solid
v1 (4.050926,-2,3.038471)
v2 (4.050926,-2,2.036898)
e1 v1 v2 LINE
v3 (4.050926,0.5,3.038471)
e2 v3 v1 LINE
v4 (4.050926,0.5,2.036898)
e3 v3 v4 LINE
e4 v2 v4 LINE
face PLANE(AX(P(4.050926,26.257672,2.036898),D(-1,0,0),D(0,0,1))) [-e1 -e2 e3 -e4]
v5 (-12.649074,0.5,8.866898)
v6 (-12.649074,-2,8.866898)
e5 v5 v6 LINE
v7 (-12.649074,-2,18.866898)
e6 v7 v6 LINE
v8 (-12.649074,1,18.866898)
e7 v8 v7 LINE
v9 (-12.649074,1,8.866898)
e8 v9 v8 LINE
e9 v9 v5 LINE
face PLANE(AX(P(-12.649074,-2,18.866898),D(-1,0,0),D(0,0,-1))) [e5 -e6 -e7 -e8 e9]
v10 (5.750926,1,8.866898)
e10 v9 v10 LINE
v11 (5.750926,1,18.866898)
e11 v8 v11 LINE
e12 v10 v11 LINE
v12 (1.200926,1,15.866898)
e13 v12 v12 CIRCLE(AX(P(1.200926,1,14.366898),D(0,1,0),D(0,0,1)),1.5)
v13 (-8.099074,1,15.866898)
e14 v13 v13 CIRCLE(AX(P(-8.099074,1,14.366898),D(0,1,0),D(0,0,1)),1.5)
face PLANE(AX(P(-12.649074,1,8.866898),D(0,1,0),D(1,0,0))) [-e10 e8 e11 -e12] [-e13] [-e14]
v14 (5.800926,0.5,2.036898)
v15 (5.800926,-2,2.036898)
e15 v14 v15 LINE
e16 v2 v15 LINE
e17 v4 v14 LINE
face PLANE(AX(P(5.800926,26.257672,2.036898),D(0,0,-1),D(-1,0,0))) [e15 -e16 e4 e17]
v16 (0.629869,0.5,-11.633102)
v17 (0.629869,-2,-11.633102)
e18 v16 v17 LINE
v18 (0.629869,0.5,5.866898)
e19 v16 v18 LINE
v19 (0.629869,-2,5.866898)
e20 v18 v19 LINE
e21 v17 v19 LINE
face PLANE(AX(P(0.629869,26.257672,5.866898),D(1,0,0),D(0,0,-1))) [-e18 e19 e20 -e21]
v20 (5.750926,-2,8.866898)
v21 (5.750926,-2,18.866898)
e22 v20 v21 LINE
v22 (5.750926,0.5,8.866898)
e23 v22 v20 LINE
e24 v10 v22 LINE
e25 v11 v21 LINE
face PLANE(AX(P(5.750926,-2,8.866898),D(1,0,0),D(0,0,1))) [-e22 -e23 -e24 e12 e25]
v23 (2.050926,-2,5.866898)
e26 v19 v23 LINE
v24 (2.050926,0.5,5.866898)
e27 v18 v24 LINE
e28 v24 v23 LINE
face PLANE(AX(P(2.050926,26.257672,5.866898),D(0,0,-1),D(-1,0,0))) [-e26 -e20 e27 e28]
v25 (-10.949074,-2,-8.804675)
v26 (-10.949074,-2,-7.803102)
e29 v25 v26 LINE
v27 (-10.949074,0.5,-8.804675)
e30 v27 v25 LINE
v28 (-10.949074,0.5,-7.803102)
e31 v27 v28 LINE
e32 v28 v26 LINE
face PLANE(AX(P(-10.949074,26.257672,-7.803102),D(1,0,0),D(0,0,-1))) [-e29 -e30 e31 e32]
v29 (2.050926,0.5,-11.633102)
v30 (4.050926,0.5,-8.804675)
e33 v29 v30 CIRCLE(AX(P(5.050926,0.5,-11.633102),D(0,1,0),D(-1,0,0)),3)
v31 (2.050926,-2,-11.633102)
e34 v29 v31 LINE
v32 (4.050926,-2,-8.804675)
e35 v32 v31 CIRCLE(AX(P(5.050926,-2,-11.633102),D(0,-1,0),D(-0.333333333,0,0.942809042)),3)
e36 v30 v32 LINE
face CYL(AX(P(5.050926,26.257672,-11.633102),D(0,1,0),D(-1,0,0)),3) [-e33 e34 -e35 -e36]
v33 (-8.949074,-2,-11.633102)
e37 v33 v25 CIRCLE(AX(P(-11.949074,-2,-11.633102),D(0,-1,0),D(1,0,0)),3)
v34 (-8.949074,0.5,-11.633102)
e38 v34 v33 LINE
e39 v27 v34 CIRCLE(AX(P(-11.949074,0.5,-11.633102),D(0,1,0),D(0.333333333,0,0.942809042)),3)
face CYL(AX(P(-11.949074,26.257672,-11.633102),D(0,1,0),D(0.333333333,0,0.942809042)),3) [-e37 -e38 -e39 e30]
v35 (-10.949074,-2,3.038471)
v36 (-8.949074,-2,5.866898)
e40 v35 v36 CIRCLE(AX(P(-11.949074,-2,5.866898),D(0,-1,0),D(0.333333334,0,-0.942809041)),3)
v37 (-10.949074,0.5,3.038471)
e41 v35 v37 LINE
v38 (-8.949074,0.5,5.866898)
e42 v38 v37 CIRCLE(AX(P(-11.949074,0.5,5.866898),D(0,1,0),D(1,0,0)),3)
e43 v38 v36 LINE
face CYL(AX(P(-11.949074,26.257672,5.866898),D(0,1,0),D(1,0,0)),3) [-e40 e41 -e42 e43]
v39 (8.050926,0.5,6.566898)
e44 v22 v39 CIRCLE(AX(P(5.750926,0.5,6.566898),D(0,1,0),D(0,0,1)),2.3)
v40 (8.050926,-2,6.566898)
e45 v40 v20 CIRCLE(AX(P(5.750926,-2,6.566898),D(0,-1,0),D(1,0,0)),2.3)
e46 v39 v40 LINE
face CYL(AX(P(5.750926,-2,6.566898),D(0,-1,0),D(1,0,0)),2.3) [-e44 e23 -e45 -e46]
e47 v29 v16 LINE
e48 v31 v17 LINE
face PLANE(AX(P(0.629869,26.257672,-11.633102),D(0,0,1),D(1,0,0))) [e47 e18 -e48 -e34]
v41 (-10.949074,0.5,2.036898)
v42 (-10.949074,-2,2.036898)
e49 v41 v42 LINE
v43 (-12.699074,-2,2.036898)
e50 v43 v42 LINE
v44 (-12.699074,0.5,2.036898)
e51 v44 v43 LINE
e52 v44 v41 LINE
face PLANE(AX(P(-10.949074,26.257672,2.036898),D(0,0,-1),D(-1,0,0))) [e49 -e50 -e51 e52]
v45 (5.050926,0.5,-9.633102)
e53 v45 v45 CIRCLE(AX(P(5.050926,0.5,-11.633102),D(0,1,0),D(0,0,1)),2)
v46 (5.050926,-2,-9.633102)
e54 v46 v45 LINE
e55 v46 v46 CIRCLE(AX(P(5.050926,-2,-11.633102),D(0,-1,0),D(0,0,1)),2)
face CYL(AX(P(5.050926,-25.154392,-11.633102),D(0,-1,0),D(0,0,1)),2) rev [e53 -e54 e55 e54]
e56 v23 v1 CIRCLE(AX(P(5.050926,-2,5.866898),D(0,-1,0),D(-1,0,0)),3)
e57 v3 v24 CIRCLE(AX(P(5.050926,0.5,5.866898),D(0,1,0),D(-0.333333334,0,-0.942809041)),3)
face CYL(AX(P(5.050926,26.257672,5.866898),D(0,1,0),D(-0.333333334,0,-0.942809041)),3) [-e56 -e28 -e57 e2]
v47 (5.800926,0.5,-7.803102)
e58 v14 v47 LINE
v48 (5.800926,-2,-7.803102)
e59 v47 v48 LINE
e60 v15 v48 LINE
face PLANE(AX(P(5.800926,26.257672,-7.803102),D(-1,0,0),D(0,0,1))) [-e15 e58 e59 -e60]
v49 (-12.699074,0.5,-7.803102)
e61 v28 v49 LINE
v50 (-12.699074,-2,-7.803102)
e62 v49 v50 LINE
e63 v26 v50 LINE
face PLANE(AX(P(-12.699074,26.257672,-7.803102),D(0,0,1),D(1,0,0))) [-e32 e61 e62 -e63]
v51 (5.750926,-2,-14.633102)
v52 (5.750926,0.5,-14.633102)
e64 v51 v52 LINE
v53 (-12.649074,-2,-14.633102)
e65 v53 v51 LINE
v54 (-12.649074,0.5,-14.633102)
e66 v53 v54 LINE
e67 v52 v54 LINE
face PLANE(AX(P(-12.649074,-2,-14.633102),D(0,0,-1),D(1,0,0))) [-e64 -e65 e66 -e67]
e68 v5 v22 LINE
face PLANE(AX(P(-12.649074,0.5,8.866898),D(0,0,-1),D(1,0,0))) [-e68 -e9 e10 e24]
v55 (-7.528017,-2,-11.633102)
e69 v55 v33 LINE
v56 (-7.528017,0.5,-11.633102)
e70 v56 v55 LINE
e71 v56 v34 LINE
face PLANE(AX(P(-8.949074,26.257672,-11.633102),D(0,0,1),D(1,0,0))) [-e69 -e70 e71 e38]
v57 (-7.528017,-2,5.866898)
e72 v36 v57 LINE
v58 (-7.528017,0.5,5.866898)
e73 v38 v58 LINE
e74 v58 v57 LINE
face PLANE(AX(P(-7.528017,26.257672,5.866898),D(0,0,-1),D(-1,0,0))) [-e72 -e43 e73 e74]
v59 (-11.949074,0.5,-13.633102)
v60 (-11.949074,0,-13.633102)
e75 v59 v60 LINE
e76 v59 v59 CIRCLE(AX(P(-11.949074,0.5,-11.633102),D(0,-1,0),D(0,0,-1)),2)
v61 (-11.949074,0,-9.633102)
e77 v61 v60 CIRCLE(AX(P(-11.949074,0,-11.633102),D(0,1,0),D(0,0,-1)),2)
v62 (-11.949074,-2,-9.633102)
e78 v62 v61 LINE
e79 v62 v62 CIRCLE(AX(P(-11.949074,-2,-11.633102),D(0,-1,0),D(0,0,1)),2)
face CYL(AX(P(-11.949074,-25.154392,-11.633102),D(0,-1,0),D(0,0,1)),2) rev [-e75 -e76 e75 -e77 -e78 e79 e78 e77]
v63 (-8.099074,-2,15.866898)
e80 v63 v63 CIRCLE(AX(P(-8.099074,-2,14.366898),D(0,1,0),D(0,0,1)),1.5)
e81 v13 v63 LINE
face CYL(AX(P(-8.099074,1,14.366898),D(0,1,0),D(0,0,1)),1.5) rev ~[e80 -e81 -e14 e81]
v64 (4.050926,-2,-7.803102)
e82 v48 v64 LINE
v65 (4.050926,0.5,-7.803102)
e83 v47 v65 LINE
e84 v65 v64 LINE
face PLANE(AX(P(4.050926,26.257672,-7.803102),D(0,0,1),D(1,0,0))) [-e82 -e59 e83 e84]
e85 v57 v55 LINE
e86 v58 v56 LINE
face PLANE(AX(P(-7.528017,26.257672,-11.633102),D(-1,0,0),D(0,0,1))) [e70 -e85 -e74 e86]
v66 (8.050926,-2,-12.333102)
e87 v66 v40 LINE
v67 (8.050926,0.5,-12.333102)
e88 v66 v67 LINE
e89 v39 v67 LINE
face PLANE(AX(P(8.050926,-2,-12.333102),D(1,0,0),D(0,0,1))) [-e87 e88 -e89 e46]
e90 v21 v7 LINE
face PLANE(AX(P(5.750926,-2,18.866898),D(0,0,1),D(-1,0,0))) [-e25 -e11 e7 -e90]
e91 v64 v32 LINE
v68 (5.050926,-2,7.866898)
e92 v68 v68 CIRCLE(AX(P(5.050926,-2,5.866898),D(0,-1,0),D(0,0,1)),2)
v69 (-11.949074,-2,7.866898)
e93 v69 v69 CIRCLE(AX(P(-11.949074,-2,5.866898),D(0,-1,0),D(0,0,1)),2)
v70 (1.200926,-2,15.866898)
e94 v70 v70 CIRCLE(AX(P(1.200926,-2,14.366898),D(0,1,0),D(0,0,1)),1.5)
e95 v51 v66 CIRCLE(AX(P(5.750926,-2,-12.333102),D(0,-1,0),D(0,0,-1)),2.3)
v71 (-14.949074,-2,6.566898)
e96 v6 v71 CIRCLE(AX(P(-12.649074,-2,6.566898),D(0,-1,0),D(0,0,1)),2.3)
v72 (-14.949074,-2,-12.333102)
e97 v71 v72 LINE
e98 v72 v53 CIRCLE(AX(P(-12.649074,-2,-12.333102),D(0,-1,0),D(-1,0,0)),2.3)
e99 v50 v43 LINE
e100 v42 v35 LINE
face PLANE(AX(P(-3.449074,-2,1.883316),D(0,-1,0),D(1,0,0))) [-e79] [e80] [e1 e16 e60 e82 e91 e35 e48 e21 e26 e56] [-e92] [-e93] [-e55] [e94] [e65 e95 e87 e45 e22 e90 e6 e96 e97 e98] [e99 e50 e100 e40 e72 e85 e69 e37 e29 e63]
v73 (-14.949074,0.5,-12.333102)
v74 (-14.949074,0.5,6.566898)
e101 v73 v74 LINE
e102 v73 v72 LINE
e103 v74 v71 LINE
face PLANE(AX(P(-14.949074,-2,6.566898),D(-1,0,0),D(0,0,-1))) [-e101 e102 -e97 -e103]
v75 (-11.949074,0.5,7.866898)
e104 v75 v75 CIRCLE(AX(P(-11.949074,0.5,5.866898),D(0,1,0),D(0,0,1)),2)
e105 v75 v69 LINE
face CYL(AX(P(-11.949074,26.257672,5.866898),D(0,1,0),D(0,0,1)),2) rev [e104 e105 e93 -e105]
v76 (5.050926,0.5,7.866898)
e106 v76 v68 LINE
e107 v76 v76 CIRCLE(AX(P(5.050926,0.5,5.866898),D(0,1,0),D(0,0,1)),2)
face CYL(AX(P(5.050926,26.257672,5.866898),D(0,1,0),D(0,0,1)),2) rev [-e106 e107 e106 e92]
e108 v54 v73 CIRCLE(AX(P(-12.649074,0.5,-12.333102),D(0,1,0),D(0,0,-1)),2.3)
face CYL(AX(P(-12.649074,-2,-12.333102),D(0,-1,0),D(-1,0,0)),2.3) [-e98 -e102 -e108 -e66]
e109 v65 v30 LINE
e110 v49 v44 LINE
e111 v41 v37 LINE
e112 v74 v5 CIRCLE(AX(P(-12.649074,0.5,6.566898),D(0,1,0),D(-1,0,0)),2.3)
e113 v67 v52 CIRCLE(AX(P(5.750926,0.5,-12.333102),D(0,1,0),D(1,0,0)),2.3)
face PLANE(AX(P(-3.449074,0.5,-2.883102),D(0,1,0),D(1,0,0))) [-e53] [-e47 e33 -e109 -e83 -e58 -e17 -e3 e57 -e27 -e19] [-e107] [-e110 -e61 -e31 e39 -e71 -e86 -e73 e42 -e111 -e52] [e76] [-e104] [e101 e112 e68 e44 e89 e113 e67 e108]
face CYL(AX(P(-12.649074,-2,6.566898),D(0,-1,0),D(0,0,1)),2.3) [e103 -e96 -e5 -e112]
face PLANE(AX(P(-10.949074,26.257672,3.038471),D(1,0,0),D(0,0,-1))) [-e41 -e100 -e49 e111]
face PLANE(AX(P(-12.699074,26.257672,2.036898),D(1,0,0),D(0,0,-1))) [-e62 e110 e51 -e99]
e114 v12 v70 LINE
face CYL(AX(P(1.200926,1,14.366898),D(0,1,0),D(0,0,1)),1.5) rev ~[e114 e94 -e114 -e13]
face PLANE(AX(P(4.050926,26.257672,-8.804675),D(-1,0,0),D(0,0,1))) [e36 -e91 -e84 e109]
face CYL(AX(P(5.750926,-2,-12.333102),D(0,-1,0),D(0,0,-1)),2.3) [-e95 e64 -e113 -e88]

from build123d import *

# Parameters (mm, degrees)
BOSS_EXTRUDE1_DEPTH      = 2
CUT_EXTRUDE2_DEPTH       = 1
SKETCH5_R                = 2
CUT_EXTRUDE3_DEPTH       = 21.942838525
CUT_EXTRUDE4_DEPTH       = 21.942838525
SKETCH7_W                = 18.4
SKETCH7_H                = 1
BOSS_EXTRUDE2_DEPTH      = 10
CUT_EXTRUDE6_DEPTH       = 1
SKETCH11_W               = 1.421057218
SKETCH11_H               = 17.5
SKETCH11_W_2             = 1.75
SKETCH11_H_2             = 9.84
CUT_EXTRUDE7_DEPTH       = 25.092211634
BOSS_EXTRUDE3_START      = 2
BOSS_EXTRUDE3_DEPTH      = 2
CUT_EXTRUDE8_DEPTH       = 25.154392176
CUT_EXTRUDE8_DEPTH_BACK  = 25.154392176
CUT_EXTRUDE9_DEPTH       = 25.154392176
CUT_EXTRUDE9_DEPTH_BACK  = 25.154392176
CUT_EXTRUDE12_DEPTH      = 25.154392176
CUT_EXTRUDE12_DEPTH_BACK = 25.154392176
SKETCH17_R               = 2
BOSS_EXTRUDE4_START      = 1
BOSS_EXTRUDE4_DEPTH      = 1
CUT_EXTRUDE13_DEPTH      = 25.257672217
CUT_EXTRUDE13_DEPTH_BACK = 25.257672217
SKETCH19_R               = 2
CUT_EXTRUDE14_START      = -1.5
CUT_EXTRUDE14_DEPTH      = 1.5
SKETCH22_R               = 1.5
CUT_EXTRUDE17_DEPTH      = 10


with BuildPart() as part:
    # Sketch1 → Boss-Extrude1 (new body)
    with BuildSketch(Plane(origin=(0, 0, 0), x_dir=(1, 0, 0), z_dir=(0, 1, 0))):
        with BuildLine():
            Line((-12.649074074, 14.633101852), (5.750925926, 14.633101852))
            ThreePointArc((5.750925926, 14.633101852), (7.377271523, 13.959447449), (8.050925926, 12.333101852))
            Line((8.050925926, 12.333101852), (8.050925926, -6.566898148))
            ThreePointArc((8.050925926, -6.566898148), (7.377271523, -8.193243745), (5.750925926, -8.866898148))
            Line((5.750925926, -8.866898148), (-12.649074074, -8.866898148))
            ThreePointArc((-12.649074074, -8.866898148), (-14.275419671, -8.193243745), (-14.949074074, -6.566898148))
            Line((-14.949074074, -6.566898148), (-14.949074074, 12.333101852))
            ThreePointArc((-14.949074074, 12.333101852), (-14.275419671, 13.959447449), (-12.649074074, 14.633101852))
        make_face()
    extrude(amount=BOSS_EXTRUDE1_DEPTH)

    # Sketch2 → Cut-Extrude2 (cut)
    with BuildSketch(Plane(origin=(0, 2, 0), x_dir=(1, 0, 0), z_dir=(0, 1, 0))):
        with BuildLine():
            Line((5.750925926, 13.633101852), (-12.649074074, 13.633101852))
            ThreePointArc((-12.649074074, 13.633101852), (-13.56831289, 13.252340667), (-13.949074074, 12.333101852))
            Line((-13.949074074, 12.333101852), (-13.949074074, -6.566898148))
            ThreePointArc((-13.949074074, -6.566898148), (-13.56831289, -7.486136964), (-12.649074074, -7.866898148))
            Line((-12.649074074, -7.866898148), (5.750925926, -7.866898148))
            ThreePointArc((5.750925926, -7.866898148), (6.670164741, -7.486136964), (7.050925926, -6.566898148))
            Line((7.050925926, -6.566898148), (7.050925926, 12.333101852))
            ThreePointArc((7.050925926, 12.333101852), (6.670164741, 13.252340667), (5.750925926, 13.633101852))
        make_face()
    extrude(amount=-CUT_EXTRUDE2_DEPTH, mode=Mode.SUBTRACT)

    # Sketch5 → Cut-Extrude3 (cut, through all)
    with BuildSketch(Plane(origin=(0, 1, 0), x_dir=(1, 0, 0), z_dir=(0, 1, 0))):
        with Locations(Location((5.050925926, 11.633101852, 0), (0, 0, 270))):
            Circle(SKETCH5_R)
        with Locations(Location((5.050925926, -5.866898148, 0), (0, 0, 270))):
            Circle(SKETCH5_R)
        with Locations(Location((-11.949074074, -5.866898148, 0), (0, 0, 270))):
            Circle(SKETCH5_R)
        with Locations(Location((-11.949074074, 11.633101852, 0), (0, 0, 90))):
            Circle(SKETCH5_R)
    extrude(amount=-CUT_EXTRUDE3_DEPTH, mode=Mode.SUBTRACT)

    # Sketch6 → Cut-Extrude4 (cut, through all)
    with BuildSketch(Plane(origin=(0, 1, 0), x_dir=(1, 0, 0), z_dir=(0, 1, 0))):
        with BuildLine():
            Line((4.050925926, -3.038471023), (4.050925926, 8.804674727))
            ThreePointArc((4.050925926, 8.804674727), (2.601436183, 9.901051044), (2.050925926, 11.633101852))
            Line((2.050925926, 11.633101852), (2.050925926, -5.866898148))
            ThreePointArc((2.050925926, -5.866898148), (2.601436183, -4.134847341), (4.050925926, -3.038471023))
        make_face()
        with BuildLine():
            Line((-10.949074074, 8.804674727), (-10.949074074, -3.038471023))
            ThreePointArc((-10.949074074, -3.038471023), (-9.499584331, -4.134847341), (-8.949074074, -5.866898148))
            Line((-8.949074074, -5.866898148), (-8.949074074, 11.633101852))
            ThreePointArc((-8.949074074, 11.633101852), (-9.499584331, 9.901051044), (-10.949074074, 8.804674727))
        make_face()
    extrude(amount=-CUT_EXTRUDE4_DEPTH, mode=Mode.SUBTRACT)

    # Sketch7 → Boss-Extrude2 (add)
    with BuildSketch(Plane.XY.offset(8.866898148)):
        with Locations((-3.449074074, 0.5)):
            Rectangle(SKETCH7_W, SKETCH7_H)
    extrude(amount=BOSS_EXTRUDE2_DEPTH)

    # Sketch9 → Cut-Extrude6 (cut)
    with BuildSketch(Plane(origin=(0, 2, 0), x_dir=(1, 0, 0), z_dir=(0, 1, 0))):
        with BuildLine():
            Line((5.750925926, 13.833101852), (-12.649074074, 13.833101852))
            ThreePointArc((-12.649074074, 13.833101852), (-13.709734246, 13.393762024), (-14.149074074, 12.333101852))
            Line((-14.149074074, 12.333101852), (-14.149074074, -6.566898148))
            ThreePointArc((-14.149074074, -6.566898148), (-13.709734246, -7.62755832), (-12.649074074, -8.066898148))
            Line((-12.649074074, -8.066898148), (5.750925926, -8.066898148))
            ThreePointArc((5.750925926, -8.066898148), (6.811586098, -7.62755832), (7.250925926, -6.566898148))
            Line((7.250925926, -6.566898148), (7.250925926, 12.333101852))
            ThreePointArc((7.250925926, 12.333101852), (6.811586098, 13.393762024), (5.750925926, 13.833101852))
        make_face()
    extrude(amount=-CUT_EXTRUDE6_DEPTH, mode=Mode.SUBTRACT)

    # Sketch11 → Cut-Extrude7 (cut, through all)
    with BuildSketch(Plane(origin=(0, 1, 0), x_dir=(1, 0, 0), z_dir=(0, 1, 0))):
        with Locations((-8.238545465, 2.883101852)):
            Rectangle(SKETCH11_W, SKETCH11_H)
        with Locations((1.340397317, 2.883101852)):
            Rectangle(SKETCH11_W, SKETCH11_H)
        with Locations((-11.824074074, 2.883101852)):
            Rectangle(SKETCH11_W_2, SKETCH11_H_2)
        with Locations((4.925925926, 2.883101852)):
            Rectangle(SKETCH11_W_2, SKETCH11_H_2)
    extrude(amount=-CUT_EXTRUDE7_DEPTH, mode=Mode.SUBTRACT)

    # Sketch12 → Boss-Extrude3 (add)
    with BuildSketch(Plane.XZ.offset(BOSS_EXTRUDE3_START)):
        with BuildLine():
            Line((8.050925926, -12.333101852), (8.050925926, 6.566898148))
            ThreePointArc((8.050925926, 6.566898148), (7.377271523, 8.193243745), (5.750925926, 8.866898148))
            Line((5.750925926, 8.866898148), (5.750925926, 18.866898148))
            Line((5.750925926, 18.866898148), (-12.649074074, 18.866898148))
            Line((-12.649074074, 18.866898148), (-12.649074074, 8.866898148))
            ThreePointArc((-12.649074074, 8.866898148), (-14.275419671, 8.193243745), (-14.949074074, 6.566898148))
            Line((-14.949074074, 6.566898148), (-14.949074074, -12.333101852))
            ThreePointArc((-14.949074074, -12.333101852), (-14.275419671, -13.959447449), (-12.649074074, -14.633101852))
            Line((-12.649074074, -14.633101852), (5.750925926, -14.633101852))
            ThreePointArc((5.750925926, -14.633101852), (7.377271523, -13.959447449), (8.050925926, -12.333101852))
        make_face()
    extrude(amount=-BOSS_EXTRUDE3_DEPTH)

    # Sketch13 → Cut-Extrude8 (cut, two sides: drawn at the far end of the back side and taken through both)
    with BuildSketch(Plane(origin=(0, 0, 0), x_dir=(1, 0, 0), z_dir=(0, 1, 0)).offset(-CUT_EXTRUDE8_DEPTH_BACK)):
        with BuildLine():
            Line((-12.699074074, 7.803101852), (-12.699074074, -2.036898148))
            Line((-12.699074074, -2.036898148), (-10.949074074, -2.036898148))
            Line((-10.949074074, -2.036898148), (-10.949074074, -3.038471023))
            ThreePointArc((-10.949074074, -3.038471023), (-9.499584331, -4.134847341), (-8.949074074, -5.866898148))
            Line((-8.949074074, -5.866898148), (-7.528016856, -5.866898148))
            Line((-7.528016856, -5.866898148), (-7.528016856, 11.633101852))
            Line((-7.528016856, 11.633101852), (-8.949074074, 11.633101852))
            ThreePointArc((-8.949074074, 11.633101852), (-9.499584331, 9.901051044), (-10.949074074, 8.804674727))
            Line((-10.949074074, 8.804674727), (-10.949074074, 7.803101852))
            Line((-10.949074074, 7.803101852), (-12.699074074, 7.803101852))
        make_face()
    extrude(amount=CUT_EXTRUDE8_DEPTH + CUT_EXTRUDE8_DEPTH_BACK, mode=Mode.SUBTRACT)

    # Sketch14 → Cut-Extrude9 (cut, two sides: drawn at the far end of the back side and taken through both)
    with BuildSketch(Plane(origin=(0, 0, 0), x_dir=(1, 0, 0), z_dir=(0, 1, 0)).offset(-CUT_EXTRUDE9_DEPTH_BACK)):
        with BuildLine():
            Line((0.629868708, -5.866898148), (2.050925926, -5.866898148))
            ThreePointArc((2.050925926, -5.866898148), (2.601436183, -4.134847341), (4.050925926, -3.038471023))
            Line((4.050925926, -3.038471023), (4.050925926, -2.036898148))
            Line((4.050925926, -2.036898148), (5.800925926, -2.036898148))
            Line((5.800925926, -2.036898148), (5.800925926, 7.803101852))
            Line((5.800925926, 7.803101852), (4.050925926, 7.803101852))
            Line((4.050925926, 7.803101852), (4.050925926, 8.804674727))
            ThreePointArc((4.050925926, 8.804674727), (2.601436183, 9.901051044), (2.050925926, 11.633101852))
            Line((2.050925926, 11.633101852), (0.629868708, 11.633101852))
            Line((0.629868708, 11.633101852), (0.629868708, -5.866898148))
        make_face()
    extrude(amount=CUT_EXTRUDE9_DEPTH + CUT_EXTRUDE9_DEPTH_BACK, mode=Mode.SUBTRACT)

    # Sketch17 → Cut-Extrude12 (cut, two sides: drawn at the far end of the back side and taken through both)
    with BuildSketch(Plane(origin=(0, 0, 0), x_dir=(1, 0, 0), z_dir=(0, 1, 0)).offset(-CUT_EXTRUDE12_DEPTH_BACK)):
        with Locations(Location((-11.949074074, -5.866898148, 0), (0, 0, 270))):
            Circle(SKETCH17_R)
        with Locations(Location((5.050925926, -5.866898148, 0), (0, 0, 270))):
            Circle(SKETCH17_R)
        with Locations(Location((-11.949074074, 11.633101852, 0), (0, 0, 270))):
            Circle(SKETCH17_R)
        with Locations(Location((5.050925926, 11.633101852, 0), (0, 0, 270))):
            Circle(SKETCH17_R)
    extrude(amount=CUT_EXTRUDE12_DEPTH + CUT_EXTRUDE12_DEPTH_BACK, mode=Mode.SUBTRACT)

    # Sketch18 → Boss-Extrude4 (add)
    with BuildSketch(Plane(origin=(0, 1, 0), x_dir=(1, 0, 0), z_dir=(0, 1, 0)).offset(BOSS_EXTRUDE4_START)):
        with BuildLine():
            Line((5.750925926, 13.833101852), (-12.649074074, 13.833101852))
            ThreePointArc((-12.649074074, 13.833101852), (-13.709734246, 13.393762024), (-14.149074074, 12.333101852))
            Line((-14.149074074, 12.333101852), (-14.149074074, -6.566898148))
            ThreePointArc((-14.149074074, -6.566898148), (-13.709734246, -7.62755832), (-12.649074074, -8.066898148))
            Line((-12.649074074, -8.066898148), (5.750925926, -8.066898148))
            ThreePointArc((5.750925926, -8.066898148), (6.811586098, -7.62755832), (7.250925926, -6.566898148))
            Line((7.250925926, -6.566898148), (7.250925926, 12.333101852))
            ThreePointArc((7.250925926, 12.333101852), (6.811586098, 13.393762024), (5.750925926, 13.833101852))
        make_face()
    extrude(amount=-BOSS_EXTRUDE4_DEPTH)

    # Sketch19 → Cut-Extrude13 (cut, two sides: drawn at the far end of the back side and taken through both)
    with BuildSketch(Plane.XZ.offset(-1).offset(-CUT_EXTRUDE13_DEPTH_BACK)):
        with Locations(Location((5.050925926, -11.633101852, 0), (0, 0, 90))):
            Circle(SKETCH19_R)
        with Locations(Location((-11.949074074, -11.633101852, 0), (0, 0, 90))):
            Circle(SKETCH19_R)
        with Locations(Location((-11.949074074, 5.866898148, 0), (0, 0, 90))):
            Circle(SKETCH19_R)
        with Locations(Location((5.050925926, 5.866898148, 0), (0, 0, 90))):
            Circle(SKETCH19_R)
        with BuildLine():
            Line((-10.949074074, 3.038471023), (-10.949074074, 2.036898148))
            Line((-10.949074074, 2.036898148), (-12.699074074, 2.036898148))
            Line((-12.699074074, 2.036898148), (-12.699074074, -7.803101852))
            Line((-12.699074074, -7.803101852), (-10.949074074, -7.803101852))
            Line((-10.949074074, -7.803101852), (-10.949074074, -8.804674727))
            ThreePointArc((-10.949074074, -8.804674727), (-9.499584331, -9.901051044), (-8.949074074, -11.633101852))
            Line((-8.949074074, -11.633101852), (-7.528016856, -11.633101852))
            Line((-7.528016856, -11.633101852), (-7.528016856, 5.866898148))
            Line((-7.528016856, 5.866898148), (-8.949074074, 5.866898148))
            ThreePointArc((-8.949074074, 5.866898148), (-9.499584331, 4.134847341), (-10.949074074, 3.038471023))
        make_face()
        with BuildLine():
            Line((4.050925926, 2.036898148), (4.050925926, 3.038471023))
            ThreePointArc((4.050925926, 3.038471023), (2.601436183, 4.134847341), (2.050925926, 5.866898148))
            Line((2.050925926, 5.866898148), (0.629868708, 5.866898148))
            Line((0.629868708, 5.866898148), (0.629868708, -11.633101852))
            Line((0.629868708, -11.633101852), (2.050925926, -11.633101852))
            ThreePointArc((2.050925926, -11.633101852), (2.601436183, -9.901051044), (4.050925926, -8.804674727))
            Line((4.050925926, -8.804674727), (4.050925926, -7.803101852))
            Line((4.050925926, -7.803101852), (5.800925926, -7.803101852))
            Line((5.800925926, -7.803101852), (5.800925926, 2.036898148))
            Line((5.800925926, 2.036898148), (4.050925926, 2.036898148))
        make_face()
    extrude(amount=CUT_EXTRUDE13_DEPTH + CUT_EXTRUDE13_DEPTH_BACK, mode=Mode.SUBTRACT)

    # Sketch20 → Cut-Extrude14 (cut)
    with BuildSketch(Plane(origin=(0, 2, 0), x_dir=(1, 0, 0), z_dir=(0, 1, 0)).offset(CUT_EXTRUDE14_START)):
        with BuildLine():
            Line((5.750925926, 14.633101852), (-12.649074074, 14.633101852))
            ThreePointArc((-12.649074074, 14.633101852), (-14.275419671, 13.959447449), (-14.949074074, 12.333101852))
            Line((-14.949074074, 12.333101852), (-14.949074074, -6.566898148))
            ThreePointArc((-14.949074074, -6.566898148), (-14.275419671, -8.193243745), (-12.649074074, -8.866898148))
            Line((-12.649074074, -8.866898148), (5.750925926, -8.866898148))
            ThreePointArc((5.750925926, -8.866898148), (7.377271523, -8.193243745), (8.050925926, -6.566898148))
            Line((8.050925926, -6.566898148), (8.050925926, 12.333101852))
            ThreePointArc((8.050925926, 12.333101852), (7.377271523, 13.959447449), (5.750925926, 14.633101852))
        make_face()
    extrude(amount=CUT_EXTRUDE14_DEPTH, mode=Mode.SUBTRACT)

    # Sketch22 → Cut-Extrude17 (cut)
    with BuildSketch(Plane(origin=(0, 1, 0), x_dir=(1, 0, 0), z_dir=(0, 1, 0))):
        with Locations(Location((-8.099074074, -14.366898148, 0), (0, 0, 270))):
            Circle(SKETCH22_R)
        with Locations(Location((1.200925926, -14.366898148, 0), (0, 0, 270))):
            Circle(SKETCH22_R)
    extrude(amount=-CUT_EXTRUDE17_DEPTH, mode=Mode.SUBTRACT)


solid = part.part
